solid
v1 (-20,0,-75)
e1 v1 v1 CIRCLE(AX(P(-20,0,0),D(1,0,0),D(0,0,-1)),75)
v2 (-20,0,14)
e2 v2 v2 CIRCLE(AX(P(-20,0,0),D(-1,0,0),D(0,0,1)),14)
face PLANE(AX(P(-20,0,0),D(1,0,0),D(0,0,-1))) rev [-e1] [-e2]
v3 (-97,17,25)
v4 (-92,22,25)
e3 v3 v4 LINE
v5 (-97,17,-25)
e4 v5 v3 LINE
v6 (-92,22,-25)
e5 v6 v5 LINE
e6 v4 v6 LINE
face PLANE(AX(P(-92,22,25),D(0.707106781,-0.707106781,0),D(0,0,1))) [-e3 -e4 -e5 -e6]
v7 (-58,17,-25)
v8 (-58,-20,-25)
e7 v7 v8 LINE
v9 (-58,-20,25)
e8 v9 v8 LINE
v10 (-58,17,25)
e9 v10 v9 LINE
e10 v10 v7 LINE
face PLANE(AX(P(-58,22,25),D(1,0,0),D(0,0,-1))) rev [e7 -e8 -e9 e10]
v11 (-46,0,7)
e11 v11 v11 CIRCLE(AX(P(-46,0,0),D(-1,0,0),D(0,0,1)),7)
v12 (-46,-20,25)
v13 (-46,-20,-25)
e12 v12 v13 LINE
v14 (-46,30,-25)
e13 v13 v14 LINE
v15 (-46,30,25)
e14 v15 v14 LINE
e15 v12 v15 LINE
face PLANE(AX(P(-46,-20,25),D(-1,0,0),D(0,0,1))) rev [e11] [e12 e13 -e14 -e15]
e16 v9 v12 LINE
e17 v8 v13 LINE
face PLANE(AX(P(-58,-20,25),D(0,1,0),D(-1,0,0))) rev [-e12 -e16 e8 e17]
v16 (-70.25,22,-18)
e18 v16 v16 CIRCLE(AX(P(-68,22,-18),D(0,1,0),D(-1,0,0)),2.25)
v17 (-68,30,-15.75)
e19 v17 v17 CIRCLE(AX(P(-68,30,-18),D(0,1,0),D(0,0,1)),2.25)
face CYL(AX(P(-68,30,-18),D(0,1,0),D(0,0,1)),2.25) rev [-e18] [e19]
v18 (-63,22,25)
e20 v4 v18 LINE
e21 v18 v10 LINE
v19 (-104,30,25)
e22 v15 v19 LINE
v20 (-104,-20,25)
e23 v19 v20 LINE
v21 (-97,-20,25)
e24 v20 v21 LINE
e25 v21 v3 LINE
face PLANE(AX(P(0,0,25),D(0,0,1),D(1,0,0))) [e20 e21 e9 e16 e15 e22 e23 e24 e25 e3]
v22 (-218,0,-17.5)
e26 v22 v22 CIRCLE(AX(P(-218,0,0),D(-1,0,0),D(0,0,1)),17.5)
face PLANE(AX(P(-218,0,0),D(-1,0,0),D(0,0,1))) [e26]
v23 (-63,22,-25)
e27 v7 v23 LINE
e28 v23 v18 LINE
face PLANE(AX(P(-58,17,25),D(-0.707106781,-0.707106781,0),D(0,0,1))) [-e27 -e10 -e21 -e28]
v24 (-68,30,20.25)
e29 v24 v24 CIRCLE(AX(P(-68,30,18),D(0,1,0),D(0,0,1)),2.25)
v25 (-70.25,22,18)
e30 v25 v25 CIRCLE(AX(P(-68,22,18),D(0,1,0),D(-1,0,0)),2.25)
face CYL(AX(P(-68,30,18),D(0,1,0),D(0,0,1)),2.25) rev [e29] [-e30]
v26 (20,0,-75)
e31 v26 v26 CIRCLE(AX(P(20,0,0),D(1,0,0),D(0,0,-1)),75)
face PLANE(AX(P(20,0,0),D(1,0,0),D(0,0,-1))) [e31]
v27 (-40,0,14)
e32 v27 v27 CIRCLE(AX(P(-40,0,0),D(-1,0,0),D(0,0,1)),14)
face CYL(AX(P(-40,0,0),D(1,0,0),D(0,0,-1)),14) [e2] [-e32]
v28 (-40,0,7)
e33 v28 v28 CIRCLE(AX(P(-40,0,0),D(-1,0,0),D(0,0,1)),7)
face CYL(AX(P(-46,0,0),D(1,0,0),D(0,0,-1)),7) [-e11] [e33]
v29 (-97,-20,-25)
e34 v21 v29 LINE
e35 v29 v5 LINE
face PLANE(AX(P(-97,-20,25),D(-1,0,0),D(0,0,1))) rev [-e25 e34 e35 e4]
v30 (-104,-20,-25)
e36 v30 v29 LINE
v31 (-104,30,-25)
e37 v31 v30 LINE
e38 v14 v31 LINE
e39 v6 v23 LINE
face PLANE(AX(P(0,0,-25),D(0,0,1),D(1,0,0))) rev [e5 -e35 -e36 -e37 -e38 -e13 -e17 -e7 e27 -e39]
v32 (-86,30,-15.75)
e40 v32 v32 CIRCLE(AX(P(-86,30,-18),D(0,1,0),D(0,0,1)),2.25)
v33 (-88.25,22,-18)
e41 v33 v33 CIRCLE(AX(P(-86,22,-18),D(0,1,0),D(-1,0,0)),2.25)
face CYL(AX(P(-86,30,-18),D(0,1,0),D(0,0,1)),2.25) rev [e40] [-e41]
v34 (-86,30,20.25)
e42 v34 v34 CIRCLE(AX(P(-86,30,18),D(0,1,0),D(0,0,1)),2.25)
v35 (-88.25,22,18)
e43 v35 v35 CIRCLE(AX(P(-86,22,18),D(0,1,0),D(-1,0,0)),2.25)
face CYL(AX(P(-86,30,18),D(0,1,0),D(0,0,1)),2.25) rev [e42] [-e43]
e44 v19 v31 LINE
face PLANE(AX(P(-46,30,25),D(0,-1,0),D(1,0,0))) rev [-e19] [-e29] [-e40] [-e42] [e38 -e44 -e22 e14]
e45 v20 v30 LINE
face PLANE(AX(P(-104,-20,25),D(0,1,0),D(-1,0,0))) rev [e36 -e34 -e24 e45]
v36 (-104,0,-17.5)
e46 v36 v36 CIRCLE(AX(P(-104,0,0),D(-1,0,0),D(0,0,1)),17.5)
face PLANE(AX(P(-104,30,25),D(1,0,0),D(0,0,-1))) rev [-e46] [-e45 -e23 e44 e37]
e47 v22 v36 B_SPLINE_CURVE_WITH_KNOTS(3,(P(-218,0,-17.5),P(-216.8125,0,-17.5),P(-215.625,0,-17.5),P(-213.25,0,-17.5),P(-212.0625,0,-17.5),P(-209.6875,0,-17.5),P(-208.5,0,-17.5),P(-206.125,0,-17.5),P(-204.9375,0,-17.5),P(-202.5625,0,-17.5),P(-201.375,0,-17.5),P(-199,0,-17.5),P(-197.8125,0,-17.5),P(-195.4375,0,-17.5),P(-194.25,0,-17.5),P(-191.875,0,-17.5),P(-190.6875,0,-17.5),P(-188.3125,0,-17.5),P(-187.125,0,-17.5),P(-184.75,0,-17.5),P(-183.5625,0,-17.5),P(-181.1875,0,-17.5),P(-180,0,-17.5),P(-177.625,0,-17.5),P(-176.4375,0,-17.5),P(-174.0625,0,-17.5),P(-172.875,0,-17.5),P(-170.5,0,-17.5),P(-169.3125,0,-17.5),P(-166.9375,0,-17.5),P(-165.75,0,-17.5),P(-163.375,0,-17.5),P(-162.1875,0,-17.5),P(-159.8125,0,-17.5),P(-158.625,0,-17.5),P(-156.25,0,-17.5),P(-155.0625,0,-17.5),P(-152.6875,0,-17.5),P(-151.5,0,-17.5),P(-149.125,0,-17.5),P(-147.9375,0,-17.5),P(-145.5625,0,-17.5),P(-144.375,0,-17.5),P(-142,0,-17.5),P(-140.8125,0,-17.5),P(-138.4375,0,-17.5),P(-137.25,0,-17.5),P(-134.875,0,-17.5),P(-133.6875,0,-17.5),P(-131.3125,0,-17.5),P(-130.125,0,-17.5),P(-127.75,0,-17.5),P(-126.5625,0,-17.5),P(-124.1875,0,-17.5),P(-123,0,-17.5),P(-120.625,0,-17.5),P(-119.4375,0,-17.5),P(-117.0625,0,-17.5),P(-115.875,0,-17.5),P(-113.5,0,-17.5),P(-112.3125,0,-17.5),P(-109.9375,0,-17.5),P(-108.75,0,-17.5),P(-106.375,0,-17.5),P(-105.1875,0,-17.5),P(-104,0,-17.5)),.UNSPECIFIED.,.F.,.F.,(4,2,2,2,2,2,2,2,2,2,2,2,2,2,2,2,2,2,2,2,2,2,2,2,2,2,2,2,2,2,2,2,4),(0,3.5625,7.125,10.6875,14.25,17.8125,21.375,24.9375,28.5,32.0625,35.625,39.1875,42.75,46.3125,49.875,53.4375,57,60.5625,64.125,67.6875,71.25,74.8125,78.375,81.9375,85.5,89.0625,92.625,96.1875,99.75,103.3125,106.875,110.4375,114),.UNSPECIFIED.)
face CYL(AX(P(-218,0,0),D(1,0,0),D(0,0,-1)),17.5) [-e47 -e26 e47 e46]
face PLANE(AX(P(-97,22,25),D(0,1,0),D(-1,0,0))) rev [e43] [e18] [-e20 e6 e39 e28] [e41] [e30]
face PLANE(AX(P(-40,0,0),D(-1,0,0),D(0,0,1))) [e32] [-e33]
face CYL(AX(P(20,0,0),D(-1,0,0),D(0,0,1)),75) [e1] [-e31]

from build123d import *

# Parameters (mm, degrees)
SZKIC1_R                    = 75
DODANIE_WYCI_GNI_CIE1_DEPTH = 20
SZKIC2_R                    = 14
DODANIE_WYCI_GNI_CIE2_DEPTH = 20
SZKIC3_R                    = 7
DODANIE_WYCI_GNI_CIE3_DEPTH = 6
DODANIE_WYCI_GNI_CIE4_DEPTH = 25
SFAZOWANIE1_SIZE            = 5
SZKIC5_R                    = 17.5
DODANIE_WYCI_GNI_CIE5_DEPTH = 114
OTW_R_POD_RUB_M41_D         = 4.5


with BuildPart() as part:
    # Szkic1 → Dodanie-wyciągnięcie1 (new, symmetric)
    with BuildSketch(Plane(origin=(0, 0, 0), x_dir=(0, 0, -1), z_dir=(1, 0, 0))):
        Circle(SZKIC1_R)
    extrude(amount=DODANIE_WYCI_GNI_CIE1_DEPTH, both=True)

    # Szkic2 → Dodanie-wyciągnięcie2 (add)
    with BuildSketch(Plane.ZY.offset(20)):
        Circle(SZKIC2_R)
    extrude(amount=DODANIE_WYCI_GNI_CIE2_DEPTH)

    # Szkic3 → Dodanie-wyciągnięcie3 (add)
    with BuildSketch(Plane.ZY.offset(40)):
        Circle(SZKIC3_R)
    extrude(amount=DODANIE_WYCI_GNI_CIE3_DEPTH)

    # Szkic4 → Dodanie-wyciągnięcie4 (add, symmetric)
    with BuildSketch(Plane.XY):
        Polygon((-46, -20), (-46, 30), (-104, 30), (-104, -20), (-97, -20), (-97, 22), (-58, 22), (-58, -20), align=None)
    extrude(amount=DODANIE_WYCI_GNI_CIE4_DEPTH, both=True)

    # Sfazowanie1
    sfazowanie1_edges = [part.edges().sort_by_distance(p)[0] for p in [
        (-97, 22, 0),
        (-58, 22, 0),
    ]]
    chamfer(sfazowanie1_edges, length=SFAZOWANIE1_SIZE)

    # Szkic5 → Dodanie-wyciągnięcie5 (add)
    with BuildSketch(Plane.ZY.offset(104)):
        with Locations(Location((0, 0, 0), (0, 0, 180))):
            Circle(SZKIC5_R)
    extrude(amount=DODANIE_WYCI_GNI_CIE5_DEPTH)

    # Otwór pod śrubę M41 (through all)
    with Locations(Plane(origin=(0, 30, 0), x_dir=(1, 0, 0), z_dir=(0, 1, 0))):
        with Locations((-68, 18), (-86, 18), (-68, -18), (-86, -18)):
            Hole(OTW_R_POD_RUB_M41_D / 2)


solid = part.part
